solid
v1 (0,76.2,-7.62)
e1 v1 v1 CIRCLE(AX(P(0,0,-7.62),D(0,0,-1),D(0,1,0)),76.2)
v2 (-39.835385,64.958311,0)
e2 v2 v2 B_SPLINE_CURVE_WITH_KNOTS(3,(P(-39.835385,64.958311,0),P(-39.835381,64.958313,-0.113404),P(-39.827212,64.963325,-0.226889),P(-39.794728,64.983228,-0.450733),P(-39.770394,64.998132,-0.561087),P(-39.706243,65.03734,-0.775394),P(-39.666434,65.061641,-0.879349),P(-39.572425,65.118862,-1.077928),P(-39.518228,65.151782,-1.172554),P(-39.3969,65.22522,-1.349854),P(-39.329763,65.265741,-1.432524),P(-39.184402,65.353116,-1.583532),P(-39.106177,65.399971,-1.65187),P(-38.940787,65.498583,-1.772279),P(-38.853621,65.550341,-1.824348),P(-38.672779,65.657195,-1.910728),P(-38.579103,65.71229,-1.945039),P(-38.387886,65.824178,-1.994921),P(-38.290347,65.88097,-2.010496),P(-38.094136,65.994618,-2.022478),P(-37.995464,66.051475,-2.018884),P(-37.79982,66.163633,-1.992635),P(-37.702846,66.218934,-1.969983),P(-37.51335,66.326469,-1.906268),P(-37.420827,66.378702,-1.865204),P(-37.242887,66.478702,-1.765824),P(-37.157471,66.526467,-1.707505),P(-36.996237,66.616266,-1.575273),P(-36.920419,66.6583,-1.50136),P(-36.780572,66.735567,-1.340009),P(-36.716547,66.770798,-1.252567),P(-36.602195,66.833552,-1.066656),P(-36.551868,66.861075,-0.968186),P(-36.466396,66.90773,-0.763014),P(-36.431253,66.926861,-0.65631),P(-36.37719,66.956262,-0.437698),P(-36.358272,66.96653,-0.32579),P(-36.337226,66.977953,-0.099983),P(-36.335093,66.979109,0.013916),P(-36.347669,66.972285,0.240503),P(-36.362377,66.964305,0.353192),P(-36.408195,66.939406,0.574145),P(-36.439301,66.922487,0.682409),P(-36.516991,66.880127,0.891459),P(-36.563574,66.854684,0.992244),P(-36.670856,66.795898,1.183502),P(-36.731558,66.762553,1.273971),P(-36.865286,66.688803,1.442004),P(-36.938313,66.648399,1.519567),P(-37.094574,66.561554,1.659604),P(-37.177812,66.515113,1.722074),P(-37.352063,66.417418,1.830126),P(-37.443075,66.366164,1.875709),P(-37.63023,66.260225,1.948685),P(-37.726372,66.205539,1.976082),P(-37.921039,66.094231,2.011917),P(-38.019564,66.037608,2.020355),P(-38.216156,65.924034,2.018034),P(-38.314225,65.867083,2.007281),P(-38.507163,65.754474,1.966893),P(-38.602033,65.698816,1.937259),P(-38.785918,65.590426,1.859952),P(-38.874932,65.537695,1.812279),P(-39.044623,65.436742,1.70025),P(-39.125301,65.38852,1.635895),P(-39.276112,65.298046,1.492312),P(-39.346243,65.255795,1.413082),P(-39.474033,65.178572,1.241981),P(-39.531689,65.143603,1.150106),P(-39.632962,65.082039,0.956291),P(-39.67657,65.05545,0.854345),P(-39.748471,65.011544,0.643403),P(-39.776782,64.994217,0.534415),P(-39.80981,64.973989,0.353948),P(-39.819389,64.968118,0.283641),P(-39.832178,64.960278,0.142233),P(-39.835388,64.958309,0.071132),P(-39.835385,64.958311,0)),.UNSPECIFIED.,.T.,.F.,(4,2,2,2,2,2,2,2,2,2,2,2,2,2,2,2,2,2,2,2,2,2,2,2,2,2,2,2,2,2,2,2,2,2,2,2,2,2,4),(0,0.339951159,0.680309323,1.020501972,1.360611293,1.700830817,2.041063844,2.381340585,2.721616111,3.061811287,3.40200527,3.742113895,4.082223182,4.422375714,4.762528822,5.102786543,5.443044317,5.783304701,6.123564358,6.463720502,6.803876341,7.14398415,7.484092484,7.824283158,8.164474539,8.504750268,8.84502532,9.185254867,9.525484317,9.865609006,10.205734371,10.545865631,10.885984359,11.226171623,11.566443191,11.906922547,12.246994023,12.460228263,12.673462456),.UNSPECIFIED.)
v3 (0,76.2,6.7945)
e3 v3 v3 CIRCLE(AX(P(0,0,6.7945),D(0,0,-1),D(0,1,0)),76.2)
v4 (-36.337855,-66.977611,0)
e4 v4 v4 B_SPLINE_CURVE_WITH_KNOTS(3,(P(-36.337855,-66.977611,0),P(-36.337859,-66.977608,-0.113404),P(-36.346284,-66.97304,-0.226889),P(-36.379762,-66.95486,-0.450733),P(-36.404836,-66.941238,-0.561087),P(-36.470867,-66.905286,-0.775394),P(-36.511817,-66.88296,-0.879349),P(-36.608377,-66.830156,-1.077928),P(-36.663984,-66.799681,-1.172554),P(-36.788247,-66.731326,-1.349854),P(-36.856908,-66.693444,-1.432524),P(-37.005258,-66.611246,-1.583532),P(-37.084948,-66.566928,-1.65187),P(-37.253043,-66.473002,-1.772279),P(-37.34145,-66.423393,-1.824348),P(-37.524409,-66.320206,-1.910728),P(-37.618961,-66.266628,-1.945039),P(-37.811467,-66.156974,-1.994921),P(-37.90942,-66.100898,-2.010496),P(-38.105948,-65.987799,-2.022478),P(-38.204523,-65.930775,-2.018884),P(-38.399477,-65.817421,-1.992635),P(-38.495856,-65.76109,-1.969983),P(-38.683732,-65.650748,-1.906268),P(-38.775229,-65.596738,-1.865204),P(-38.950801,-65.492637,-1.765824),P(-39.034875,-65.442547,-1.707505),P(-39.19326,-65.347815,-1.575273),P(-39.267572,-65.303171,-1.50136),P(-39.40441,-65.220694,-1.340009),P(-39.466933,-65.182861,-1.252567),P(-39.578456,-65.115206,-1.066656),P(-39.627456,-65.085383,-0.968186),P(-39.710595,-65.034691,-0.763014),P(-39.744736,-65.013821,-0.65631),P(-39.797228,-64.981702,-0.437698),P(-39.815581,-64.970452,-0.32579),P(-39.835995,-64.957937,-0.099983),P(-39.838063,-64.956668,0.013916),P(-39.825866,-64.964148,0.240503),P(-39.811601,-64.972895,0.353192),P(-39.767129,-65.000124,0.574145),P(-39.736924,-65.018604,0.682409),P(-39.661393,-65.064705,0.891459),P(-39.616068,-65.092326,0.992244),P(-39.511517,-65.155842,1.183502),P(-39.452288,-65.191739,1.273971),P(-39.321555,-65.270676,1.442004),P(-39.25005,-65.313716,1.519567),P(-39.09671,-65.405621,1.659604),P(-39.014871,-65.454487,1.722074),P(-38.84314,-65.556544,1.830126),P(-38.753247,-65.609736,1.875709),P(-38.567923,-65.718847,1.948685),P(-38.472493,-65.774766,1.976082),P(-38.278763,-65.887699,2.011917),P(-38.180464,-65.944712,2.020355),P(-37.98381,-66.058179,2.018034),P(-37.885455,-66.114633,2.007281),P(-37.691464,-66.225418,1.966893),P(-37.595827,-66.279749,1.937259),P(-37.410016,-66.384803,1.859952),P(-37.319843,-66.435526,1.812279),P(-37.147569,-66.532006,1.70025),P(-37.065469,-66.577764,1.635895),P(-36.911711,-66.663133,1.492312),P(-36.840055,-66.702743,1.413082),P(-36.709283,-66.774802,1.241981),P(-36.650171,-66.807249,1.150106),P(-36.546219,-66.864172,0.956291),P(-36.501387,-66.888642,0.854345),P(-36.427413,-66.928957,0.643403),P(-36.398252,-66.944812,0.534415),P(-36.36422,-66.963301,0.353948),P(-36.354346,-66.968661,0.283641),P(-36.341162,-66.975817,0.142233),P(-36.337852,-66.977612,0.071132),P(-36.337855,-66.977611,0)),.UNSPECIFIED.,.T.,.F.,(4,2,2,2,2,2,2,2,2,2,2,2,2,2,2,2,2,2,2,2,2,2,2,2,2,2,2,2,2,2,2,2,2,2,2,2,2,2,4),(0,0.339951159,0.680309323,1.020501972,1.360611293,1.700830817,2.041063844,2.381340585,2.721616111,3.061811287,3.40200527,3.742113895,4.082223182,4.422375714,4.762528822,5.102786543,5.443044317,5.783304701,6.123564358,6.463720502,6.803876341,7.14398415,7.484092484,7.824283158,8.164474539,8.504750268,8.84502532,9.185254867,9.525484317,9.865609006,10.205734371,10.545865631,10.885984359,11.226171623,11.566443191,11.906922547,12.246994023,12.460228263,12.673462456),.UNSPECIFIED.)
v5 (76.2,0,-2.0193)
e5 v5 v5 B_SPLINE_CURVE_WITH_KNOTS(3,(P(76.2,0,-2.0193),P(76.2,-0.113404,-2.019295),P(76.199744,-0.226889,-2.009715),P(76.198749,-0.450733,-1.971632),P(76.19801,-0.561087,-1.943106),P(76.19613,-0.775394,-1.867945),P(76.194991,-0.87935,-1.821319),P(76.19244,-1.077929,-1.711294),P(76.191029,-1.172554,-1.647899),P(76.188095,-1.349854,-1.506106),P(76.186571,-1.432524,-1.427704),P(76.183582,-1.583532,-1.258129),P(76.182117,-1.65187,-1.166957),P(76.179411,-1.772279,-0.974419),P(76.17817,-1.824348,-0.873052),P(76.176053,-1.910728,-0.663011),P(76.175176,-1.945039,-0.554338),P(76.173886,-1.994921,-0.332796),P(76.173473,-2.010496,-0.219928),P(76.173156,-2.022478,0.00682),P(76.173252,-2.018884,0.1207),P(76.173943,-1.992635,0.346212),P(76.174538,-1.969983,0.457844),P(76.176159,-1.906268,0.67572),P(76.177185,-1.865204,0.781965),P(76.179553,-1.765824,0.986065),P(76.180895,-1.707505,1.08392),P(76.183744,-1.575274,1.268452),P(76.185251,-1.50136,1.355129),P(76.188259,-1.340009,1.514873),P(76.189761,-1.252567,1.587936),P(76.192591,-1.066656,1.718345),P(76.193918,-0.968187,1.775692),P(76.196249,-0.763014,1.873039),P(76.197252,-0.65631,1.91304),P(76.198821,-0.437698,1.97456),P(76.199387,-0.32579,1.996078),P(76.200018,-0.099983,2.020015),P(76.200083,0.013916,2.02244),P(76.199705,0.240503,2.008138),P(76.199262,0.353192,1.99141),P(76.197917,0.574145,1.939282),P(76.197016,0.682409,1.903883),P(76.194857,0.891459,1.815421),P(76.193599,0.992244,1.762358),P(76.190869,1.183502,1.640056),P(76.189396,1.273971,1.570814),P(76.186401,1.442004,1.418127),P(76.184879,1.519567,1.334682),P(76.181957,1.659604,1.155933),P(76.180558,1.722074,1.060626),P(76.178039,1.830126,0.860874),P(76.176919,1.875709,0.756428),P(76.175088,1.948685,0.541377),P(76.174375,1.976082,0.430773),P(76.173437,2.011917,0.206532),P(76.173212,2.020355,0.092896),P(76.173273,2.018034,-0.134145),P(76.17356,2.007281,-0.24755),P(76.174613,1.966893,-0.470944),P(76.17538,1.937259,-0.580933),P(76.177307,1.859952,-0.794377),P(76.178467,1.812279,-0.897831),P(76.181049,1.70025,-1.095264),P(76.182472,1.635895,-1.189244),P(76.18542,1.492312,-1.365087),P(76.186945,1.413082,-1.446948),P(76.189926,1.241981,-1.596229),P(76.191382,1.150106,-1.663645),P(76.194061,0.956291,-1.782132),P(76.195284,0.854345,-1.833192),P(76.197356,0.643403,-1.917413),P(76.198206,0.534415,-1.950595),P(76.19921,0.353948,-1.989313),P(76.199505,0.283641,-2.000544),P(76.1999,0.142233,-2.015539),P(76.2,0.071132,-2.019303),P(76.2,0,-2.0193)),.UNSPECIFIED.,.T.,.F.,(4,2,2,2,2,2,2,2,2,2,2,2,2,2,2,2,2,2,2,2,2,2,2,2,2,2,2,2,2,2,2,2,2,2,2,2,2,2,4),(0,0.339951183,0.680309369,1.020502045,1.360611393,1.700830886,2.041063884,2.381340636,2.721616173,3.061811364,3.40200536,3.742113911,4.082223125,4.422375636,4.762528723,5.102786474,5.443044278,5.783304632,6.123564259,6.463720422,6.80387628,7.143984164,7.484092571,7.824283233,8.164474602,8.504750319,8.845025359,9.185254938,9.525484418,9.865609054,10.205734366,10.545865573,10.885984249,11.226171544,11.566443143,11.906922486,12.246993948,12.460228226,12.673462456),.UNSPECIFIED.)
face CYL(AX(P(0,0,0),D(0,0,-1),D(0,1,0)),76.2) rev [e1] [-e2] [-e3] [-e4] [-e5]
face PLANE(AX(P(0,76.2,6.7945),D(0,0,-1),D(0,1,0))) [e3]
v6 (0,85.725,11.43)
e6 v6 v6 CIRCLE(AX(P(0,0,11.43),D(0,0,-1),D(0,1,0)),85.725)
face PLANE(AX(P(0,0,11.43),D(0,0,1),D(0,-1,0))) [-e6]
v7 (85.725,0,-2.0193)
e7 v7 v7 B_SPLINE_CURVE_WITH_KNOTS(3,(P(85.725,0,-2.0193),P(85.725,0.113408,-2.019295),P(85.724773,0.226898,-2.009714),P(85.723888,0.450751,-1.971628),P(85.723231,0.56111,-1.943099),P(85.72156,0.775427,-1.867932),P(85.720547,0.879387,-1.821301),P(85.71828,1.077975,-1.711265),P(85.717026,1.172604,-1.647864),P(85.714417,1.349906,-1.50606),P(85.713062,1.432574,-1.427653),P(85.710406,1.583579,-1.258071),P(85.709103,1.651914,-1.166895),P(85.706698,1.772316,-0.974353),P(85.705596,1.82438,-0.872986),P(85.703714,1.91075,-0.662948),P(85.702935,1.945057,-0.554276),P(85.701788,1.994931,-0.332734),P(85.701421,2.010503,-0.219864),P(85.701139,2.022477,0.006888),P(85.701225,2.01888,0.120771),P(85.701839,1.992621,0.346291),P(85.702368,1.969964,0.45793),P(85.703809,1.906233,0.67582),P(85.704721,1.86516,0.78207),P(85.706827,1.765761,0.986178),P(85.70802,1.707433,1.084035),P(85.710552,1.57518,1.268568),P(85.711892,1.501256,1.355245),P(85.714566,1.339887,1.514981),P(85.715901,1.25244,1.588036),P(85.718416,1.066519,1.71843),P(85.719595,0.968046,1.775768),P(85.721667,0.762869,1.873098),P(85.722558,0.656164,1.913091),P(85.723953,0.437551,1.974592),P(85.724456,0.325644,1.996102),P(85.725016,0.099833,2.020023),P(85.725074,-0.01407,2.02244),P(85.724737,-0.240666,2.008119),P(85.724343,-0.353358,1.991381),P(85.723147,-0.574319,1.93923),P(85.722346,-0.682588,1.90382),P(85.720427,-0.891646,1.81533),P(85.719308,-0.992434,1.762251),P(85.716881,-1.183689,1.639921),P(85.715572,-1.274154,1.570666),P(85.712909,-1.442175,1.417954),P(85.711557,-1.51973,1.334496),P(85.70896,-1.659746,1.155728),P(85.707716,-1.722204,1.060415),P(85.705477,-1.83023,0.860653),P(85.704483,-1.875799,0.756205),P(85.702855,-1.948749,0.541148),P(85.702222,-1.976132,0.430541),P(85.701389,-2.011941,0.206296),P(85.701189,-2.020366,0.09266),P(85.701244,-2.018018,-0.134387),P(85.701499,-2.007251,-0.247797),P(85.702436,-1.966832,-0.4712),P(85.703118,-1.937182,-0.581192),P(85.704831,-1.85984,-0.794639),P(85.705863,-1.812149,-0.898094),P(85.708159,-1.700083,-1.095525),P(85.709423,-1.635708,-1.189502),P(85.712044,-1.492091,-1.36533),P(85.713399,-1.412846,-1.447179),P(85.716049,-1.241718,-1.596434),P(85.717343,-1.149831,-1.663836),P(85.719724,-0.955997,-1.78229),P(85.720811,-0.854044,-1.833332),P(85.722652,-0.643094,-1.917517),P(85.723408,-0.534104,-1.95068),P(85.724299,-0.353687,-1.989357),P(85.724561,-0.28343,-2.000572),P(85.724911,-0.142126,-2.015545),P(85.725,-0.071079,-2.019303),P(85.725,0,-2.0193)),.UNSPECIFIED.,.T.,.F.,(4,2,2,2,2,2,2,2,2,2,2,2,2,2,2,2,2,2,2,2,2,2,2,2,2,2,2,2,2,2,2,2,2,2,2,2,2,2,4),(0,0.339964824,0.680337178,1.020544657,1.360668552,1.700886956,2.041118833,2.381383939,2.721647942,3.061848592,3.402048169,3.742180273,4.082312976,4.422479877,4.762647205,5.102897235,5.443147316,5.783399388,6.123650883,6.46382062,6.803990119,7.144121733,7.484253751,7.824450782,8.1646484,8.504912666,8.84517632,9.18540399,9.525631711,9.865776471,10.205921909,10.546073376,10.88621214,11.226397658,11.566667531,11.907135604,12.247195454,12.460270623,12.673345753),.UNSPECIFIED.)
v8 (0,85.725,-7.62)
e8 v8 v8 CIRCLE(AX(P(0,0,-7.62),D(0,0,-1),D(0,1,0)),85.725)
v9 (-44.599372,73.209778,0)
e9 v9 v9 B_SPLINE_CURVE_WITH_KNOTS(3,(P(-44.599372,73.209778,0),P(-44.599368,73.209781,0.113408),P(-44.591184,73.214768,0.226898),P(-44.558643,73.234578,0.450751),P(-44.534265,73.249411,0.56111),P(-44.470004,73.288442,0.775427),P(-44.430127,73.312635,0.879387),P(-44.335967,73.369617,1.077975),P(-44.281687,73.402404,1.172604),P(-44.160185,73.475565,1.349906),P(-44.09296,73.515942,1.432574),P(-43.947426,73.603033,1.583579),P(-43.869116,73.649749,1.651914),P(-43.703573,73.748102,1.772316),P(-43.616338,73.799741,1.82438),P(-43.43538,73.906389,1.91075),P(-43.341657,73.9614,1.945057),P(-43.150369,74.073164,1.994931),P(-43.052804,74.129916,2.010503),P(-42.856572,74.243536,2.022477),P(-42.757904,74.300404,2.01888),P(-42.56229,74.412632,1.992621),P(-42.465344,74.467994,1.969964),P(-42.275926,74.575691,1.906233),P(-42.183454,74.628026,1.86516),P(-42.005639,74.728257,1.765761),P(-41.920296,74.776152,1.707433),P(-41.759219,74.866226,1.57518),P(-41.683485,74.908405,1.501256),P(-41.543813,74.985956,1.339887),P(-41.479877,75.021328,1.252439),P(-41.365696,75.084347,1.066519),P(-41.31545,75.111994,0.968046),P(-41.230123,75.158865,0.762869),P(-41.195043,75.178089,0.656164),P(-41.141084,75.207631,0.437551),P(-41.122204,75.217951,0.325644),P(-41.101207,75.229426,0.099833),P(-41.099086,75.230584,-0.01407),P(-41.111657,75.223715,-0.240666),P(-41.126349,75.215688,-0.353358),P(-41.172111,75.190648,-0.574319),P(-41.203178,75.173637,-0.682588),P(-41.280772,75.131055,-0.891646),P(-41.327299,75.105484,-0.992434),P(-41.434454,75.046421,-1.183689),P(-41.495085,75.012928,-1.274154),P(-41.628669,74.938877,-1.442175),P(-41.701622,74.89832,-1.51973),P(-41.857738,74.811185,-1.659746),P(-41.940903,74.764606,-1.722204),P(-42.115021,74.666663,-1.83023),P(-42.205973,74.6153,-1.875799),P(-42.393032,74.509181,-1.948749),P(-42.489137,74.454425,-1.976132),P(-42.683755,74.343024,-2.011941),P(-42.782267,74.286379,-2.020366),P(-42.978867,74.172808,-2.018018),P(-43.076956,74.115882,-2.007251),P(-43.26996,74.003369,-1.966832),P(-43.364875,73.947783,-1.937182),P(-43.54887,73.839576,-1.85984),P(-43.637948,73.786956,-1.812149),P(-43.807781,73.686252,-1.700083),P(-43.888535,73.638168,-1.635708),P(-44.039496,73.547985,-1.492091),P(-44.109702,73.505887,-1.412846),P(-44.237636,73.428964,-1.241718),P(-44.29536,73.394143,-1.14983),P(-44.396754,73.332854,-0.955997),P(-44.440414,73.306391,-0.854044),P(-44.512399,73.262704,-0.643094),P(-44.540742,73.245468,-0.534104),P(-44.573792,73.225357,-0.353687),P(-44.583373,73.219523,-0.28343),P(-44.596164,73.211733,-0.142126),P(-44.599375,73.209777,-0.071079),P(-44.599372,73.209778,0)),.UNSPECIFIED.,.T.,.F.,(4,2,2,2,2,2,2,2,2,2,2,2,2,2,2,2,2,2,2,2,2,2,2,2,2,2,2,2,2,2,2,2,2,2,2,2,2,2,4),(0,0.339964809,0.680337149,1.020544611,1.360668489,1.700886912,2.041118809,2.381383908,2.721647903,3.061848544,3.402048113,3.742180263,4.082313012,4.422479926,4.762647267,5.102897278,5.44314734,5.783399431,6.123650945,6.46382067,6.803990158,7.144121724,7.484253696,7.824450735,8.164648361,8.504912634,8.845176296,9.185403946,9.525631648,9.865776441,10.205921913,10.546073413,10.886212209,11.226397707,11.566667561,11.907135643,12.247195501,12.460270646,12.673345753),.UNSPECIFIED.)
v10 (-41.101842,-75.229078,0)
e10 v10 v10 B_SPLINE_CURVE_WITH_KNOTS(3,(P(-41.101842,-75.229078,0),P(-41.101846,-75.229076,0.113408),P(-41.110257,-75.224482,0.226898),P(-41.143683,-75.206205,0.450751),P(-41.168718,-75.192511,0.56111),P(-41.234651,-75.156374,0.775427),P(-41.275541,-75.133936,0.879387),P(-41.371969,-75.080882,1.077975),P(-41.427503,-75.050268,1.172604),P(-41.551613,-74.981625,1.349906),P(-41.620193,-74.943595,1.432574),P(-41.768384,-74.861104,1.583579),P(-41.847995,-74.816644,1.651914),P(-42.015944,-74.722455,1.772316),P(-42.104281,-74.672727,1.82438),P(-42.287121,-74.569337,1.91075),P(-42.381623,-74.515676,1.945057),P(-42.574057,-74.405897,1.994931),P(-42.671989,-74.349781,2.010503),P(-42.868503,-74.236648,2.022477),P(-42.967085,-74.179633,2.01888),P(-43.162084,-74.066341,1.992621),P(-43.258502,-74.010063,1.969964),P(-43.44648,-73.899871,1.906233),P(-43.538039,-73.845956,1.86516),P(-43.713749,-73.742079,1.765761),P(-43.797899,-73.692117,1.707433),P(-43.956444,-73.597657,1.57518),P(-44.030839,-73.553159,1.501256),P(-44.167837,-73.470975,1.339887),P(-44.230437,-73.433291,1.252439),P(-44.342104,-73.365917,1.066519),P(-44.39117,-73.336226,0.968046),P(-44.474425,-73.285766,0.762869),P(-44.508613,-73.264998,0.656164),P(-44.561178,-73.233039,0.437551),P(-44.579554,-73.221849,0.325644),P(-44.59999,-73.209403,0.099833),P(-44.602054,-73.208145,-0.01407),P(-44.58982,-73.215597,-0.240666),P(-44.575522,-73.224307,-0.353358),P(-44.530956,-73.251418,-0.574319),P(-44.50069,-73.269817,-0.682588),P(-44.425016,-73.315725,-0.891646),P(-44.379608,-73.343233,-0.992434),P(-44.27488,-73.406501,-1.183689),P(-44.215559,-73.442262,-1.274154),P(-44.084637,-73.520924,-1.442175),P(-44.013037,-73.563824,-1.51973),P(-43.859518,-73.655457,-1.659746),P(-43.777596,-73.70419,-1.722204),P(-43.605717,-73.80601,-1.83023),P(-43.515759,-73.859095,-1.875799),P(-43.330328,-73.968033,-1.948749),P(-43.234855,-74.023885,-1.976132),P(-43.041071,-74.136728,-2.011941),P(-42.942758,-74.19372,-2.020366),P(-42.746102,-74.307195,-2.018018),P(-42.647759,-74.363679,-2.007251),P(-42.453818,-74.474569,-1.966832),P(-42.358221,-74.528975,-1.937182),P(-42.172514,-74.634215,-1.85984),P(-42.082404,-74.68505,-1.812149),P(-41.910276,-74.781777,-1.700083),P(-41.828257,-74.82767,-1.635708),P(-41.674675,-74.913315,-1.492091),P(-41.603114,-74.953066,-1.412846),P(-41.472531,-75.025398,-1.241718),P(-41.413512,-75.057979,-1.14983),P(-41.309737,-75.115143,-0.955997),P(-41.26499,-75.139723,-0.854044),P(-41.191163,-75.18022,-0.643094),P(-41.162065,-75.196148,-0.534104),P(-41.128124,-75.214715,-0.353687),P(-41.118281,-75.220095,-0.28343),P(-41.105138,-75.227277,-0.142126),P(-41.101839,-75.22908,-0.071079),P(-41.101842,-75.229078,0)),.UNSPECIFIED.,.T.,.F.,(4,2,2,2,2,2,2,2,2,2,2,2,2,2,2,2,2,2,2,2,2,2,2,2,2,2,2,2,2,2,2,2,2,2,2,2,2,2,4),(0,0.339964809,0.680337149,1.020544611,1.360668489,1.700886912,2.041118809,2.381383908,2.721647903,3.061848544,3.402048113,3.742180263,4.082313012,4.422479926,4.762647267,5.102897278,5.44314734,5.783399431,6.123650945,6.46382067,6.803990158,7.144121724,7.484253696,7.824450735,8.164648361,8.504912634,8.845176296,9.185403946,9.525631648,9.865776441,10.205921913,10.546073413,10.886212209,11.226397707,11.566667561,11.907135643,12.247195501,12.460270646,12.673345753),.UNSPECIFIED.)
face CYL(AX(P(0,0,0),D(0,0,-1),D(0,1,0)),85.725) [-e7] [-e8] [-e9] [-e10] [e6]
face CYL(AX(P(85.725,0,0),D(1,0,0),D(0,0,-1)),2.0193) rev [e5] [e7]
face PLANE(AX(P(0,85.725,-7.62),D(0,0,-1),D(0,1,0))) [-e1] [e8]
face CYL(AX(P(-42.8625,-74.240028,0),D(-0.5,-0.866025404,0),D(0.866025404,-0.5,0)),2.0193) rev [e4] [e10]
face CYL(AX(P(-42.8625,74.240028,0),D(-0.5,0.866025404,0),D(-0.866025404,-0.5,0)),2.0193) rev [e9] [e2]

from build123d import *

# Parameters (mm, degrees)
CIRPATTERN1_COUNT = 3


with BuildPart() as part:
    # Sketch1 → Revolve1 (revolve)
    with BuildSketch(Plane(origin=(0, 0, 0), x_dir=(0, 0, -1), z_dir=(1, 0, 0))):
        Polygon((-6.7945, 0), (-11.43, 0), (-11.43, 85.725), (7.62, 85.725), (7.62, 76.2), (-6.7945, 76.2), align=None)
    revolve(axis=Axis((0, 0, 0), (0, 0, 1)))

    # Sketch8 → #10-32 Tapped Hole1 (revolve, cut)
    with BuildSketch(Plane(origin=(85.725, 0, 0), x_dir=(0, 0, -1), z_dir=(0, 1, 0))):
        Polygon((0, 0), (0, 86.937317848), (2.0193, 85.724), (2.0193, 0), align=None)
    f_10_32_tapped_hole1 = revolve(axis=Axis((92.075, 0, 0), (-1, 0, 0)), mode=Mode.SUBTRACT)

    # CirPattern1: #10-32 Tapped Hole1 ×3 about axis
    cirpattern1_axis = Axis((0, 0, 0), (0, 0, -1))
    for i in range(1, CIRPATTERN1_COUNT):
        add(f_10_32_tapped_hole1.rotate(cirpattern1_axis, i * 360 / CIRPATTERN1_COUNT), mode=Mode.SUBTRACT)


solid = part.part
